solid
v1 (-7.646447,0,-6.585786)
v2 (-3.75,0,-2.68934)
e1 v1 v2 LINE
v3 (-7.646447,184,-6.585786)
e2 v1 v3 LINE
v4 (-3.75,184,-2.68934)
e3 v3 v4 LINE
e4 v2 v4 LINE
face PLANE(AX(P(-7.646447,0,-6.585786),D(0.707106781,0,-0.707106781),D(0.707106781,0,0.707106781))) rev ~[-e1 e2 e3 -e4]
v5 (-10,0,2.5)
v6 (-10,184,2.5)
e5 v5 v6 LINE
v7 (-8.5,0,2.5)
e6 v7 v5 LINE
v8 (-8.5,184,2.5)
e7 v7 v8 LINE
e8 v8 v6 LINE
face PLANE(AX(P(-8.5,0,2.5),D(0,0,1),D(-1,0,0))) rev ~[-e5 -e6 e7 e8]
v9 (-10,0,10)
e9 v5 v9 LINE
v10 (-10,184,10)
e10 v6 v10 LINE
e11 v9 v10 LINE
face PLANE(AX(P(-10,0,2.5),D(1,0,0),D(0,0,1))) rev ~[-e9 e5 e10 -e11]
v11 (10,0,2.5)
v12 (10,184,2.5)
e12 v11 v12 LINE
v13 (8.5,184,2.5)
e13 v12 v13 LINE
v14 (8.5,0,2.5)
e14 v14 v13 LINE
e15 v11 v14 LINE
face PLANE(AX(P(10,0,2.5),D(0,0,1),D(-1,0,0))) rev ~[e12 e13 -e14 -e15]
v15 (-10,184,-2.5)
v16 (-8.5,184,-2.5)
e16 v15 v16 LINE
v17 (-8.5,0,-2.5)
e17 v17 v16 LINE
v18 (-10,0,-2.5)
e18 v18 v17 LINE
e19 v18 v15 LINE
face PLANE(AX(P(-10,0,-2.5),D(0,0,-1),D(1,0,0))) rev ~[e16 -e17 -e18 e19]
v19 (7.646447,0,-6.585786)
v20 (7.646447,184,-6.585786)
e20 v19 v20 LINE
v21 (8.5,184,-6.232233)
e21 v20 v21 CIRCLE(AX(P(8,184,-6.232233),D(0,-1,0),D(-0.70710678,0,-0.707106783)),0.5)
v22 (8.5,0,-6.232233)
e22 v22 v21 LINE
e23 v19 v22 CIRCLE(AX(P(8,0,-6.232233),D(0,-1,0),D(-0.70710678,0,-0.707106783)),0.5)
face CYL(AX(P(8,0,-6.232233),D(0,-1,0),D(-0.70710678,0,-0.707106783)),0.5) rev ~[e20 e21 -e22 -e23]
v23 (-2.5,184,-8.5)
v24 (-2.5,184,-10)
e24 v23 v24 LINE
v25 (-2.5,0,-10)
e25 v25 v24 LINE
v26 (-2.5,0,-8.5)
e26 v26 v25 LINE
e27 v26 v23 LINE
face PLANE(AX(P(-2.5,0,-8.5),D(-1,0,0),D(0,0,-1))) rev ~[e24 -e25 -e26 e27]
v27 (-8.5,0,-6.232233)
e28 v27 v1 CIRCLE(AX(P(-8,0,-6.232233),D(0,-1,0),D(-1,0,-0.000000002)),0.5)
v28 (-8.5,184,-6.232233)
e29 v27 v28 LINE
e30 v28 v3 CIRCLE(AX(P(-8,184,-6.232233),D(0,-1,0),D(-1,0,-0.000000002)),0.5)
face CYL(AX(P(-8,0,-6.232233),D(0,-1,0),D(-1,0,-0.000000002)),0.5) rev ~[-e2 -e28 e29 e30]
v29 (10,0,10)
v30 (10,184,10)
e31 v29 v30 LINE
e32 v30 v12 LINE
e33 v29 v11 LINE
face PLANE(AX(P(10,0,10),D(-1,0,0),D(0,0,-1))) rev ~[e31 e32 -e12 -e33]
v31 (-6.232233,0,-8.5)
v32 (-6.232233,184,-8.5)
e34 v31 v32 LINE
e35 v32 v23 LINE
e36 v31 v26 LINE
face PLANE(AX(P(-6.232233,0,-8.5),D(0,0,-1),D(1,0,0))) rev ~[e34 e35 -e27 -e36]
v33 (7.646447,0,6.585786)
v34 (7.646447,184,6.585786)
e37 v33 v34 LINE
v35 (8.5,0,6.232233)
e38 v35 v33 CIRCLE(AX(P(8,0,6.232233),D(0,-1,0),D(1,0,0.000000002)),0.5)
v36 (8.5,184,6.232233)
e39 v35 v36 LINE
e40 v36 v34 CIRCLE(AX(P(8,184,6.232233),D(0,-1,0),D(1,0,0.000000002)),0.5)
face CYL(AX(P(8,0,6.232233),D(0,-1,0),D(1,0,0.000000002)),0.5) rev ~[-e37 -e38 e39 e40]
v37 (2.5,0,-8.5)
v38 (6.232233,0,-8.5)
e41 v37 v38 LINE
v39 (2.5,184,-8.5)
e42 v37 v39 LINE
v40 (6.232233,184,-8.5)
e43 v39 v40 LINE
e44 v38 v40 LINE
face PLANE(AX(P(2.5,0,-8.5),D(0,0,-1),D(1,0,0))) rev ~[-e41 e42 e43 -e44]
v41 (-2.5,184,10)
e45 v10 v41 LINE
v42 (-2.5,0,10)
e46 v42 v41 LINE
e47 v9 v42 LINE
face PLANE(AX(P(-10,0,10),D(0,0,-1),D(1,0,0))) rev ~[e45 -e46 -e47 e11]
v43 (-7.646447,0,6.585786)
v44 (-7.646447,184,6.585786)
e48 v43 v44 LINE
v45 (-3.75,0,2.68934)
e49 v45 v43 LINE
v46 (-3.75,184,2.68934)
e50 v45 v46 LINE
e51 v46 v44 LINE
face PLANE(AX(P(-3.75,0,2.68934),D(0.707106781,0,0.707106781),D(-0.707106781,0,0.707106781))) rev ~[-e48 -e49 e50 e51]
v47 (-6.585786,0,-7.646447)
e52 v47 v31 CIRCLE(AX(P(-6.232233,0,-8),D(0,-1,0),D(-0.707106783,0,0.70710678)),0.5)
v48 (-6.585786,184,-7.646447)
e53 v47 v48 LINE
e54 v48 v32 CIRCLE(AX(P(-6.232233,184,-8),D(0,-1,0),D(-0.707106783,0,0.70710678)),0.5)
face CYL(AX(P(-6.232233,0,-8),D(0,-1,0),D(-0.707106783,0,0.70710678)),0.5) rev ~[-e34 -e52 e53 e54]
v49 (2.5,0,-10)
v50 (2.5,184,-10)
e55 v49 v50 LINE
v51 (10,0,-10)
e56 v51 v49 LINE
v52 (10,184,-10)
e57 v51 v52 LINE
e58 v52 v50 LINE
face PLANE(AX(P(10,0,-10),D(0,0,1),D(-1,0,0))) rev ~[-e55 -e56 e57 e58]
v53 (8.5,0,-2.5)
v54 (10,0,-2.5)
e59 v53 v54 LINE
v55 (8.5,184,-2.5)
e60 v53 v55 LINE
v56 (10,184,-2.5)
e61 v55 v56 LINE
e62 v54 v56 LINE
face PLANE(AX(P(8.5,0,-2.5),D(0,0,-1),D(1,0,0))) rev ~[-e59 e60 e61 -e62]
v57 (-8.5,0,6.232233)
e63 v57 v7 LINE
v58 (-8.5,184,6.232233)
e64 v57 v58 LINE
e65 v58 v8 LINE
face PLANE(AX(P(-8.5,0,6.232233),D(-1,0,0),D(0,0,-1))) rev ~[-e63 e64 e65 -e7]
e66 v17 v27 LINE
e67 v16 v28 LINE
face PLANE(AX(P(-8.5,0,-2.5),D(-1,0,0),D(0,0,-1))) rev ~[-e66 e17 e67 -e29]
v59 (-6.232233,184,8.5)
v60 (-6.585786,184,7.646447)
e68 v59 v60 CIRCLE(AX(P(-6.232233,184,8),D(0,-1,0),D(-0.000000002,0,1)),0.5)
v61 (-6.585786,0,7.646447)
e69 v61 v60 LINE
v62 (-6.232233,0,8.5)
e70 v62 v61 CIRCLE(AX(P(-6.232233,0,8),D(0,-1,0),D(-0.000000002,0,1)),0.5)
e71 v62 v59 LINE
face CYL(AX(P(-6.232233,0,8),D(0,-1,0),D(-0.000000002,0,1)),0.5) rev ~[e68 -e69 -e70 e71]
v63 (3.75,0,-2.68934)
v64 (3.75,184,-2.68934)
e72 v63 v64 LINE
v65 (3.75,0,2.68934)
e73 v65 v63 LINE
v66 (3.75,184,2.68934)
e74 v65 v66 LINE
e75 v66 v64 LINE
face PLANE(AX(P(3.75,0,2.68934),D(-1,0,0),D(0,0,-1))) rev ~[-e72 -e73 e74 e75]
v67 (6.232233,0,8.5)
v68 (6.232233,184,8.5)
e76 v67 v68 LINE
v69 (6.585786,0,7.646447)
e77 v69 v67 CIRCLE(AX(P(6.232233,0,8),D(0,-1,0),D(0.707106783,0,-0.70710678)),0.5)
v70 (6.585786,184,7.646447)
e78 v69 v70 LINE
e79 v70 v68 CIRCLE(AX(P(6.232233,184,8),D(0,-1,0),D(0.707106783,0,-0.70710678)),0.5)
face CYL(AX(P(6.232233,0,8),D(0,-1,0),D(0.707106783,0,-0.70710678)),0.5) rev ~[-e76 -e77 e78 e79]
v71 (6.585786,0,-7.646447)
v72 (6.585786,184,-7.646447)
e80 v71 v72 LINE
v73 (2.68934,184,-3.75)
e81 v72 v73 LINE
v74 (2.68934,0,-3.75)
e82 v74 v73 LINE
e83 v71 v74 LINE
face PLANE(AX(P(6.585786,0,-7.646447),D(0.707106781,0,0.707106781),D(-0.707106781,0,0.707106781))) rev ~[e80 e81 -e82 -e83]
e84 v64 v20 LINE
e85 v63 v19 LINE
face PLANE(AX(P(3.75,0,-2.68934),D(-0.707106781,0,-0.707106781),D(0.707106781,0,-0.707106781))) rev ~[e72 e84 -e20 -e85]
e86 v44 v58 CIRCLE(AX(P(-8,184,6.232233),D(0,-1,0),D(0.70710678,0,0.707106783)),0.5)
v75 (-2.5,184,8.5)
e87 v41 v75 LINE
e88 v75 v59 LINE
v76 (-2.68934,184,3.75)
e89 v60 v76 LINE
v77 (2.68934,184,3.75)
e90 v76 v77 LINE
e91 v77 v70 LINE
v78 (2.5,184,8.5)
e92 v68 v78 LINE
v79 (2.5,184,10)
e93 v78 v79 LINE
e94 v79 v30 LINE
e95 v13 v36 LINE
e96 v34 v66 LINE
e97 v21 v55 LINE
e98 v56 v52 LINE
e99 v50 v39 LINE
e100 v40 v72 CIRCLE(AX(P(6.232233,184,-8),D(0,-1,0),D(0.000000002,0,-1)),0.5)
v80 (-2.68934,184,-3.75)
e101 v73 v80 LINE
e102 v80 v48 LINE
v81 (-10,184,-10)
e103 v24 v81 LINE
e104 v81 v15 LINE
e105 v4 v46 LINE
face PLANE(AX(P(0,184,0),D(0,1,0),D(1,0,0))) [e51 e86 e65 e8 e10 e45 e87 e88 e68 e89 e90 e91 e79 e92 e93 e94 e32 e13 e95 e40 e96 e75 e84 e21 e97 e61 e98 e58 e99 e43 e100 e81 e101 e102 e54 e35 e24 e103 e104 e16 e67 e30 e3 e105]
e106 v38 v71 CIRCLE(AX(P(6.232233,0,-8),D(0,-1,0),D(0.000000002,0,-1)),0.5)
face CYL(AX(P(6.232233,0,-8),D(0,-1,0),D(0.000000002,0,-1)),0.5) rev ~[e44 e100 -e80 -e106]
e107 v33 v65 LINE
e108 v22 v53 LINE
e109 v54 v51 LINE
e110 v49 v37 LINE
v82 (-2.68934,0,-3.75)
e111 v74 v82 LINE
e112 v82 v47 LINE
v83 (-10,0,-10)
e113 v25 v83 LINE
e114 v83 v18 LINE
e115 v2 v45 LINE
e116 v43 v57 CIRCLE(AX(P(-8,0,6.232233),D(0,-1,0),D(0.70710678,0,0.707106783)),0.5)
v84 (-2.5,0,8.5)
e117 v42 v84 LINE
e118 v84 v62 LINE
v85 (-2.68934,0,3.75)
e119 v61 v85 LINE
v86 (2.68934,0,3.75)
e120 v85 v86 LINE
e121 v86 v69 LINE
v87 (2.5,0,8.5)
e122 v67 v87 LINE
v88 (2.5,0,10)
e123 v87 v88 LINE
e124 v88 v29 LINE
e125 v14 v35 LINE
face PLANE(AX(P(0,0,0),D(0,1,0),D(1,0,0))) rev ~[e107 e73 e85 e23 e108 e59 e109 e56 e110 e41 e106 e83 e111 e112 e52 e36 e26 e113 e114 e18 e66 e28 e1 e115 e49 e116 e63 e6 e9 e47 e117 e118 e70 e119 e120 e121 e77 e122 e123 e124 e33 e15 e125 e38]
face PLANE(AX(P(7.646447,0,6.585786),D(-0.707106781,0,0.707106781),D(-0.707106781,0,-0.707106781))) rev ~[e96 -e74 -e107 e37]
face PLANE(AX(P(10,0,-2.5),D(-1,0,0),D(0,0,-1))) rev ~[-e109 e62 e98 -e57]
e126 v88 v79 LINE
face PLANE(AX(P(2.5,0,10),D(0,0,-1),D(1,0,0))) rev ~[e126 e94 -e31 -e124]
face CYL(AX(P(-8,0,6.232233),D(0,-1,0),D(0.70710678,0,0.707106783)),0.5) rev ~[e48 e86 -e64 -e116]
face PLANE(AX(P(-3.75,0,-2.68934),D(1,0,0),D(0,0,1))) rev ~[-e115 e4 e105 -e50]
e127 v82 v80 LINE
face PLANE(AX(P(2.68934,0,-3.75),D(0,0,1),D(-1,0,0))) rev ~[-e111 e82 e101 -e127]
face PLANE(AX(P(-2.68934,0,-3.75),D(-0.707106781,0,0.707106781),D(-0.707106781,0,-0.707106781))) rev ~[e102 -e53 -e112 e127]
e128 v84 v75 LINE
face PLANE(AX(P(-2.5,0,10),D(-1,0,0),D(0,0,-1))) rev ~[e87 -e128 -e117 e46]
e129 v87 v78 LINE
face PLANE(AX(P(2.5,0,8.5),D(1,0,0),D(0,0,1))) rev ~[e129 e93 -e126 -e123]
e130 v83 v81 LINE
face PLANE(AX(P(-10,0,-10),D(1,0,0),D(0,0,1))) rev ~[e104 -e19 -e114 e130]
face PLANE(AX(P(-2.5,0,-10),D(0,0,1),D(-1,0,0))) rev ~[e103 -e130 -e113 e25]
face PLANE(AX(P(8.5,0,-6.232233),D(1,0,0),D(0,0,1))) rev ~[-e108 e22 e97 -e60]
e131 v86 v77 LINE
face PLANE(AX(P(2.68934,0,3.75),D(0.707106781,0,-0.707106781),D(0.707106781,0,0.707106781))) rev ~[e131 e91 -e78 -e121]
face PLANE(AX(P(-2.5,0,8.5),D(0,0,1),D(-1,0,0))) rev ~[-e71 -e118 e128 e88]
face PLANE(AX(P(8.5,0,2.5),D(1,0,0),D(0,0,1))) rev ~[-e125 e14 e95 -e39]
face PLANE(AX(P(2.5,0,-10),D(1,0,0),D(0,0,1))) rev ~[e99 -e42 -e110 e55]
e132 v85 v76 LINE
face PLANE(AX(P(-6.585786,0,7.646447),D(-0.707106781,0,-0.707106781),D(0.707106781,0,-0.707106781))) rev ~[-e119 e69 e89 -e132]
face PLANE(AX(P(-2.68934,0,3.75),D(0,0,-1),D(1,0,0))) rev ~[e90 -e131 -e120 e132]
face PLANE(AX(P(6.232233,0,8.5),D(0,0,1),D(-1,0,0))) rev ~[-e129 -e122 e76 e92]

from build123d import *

# Parameters (mm, degrees)
BOSS_EXTRU_1_DEPTH = 184


with BuildPart() as part:
    # Esquisse1 → Boss.-Extru.1 (new body)
    with BuildSketch(Plane(origin=(0, 0, 0), x_dir=(1, 0, 0), z_dir=(0, 1, 0))):
        with BuildLine():
            Line((-10, -2.5), (-10, -10))
            Line((-10, -10), (-2.5, -10))
            Line((-2.5, -10), (-2.5, -8.5))
            Line((-2.5, -8.5), (-6.232233047, -8.5))
            ThreePointArc((-6.232233047, -8.5), (-6.694172813, -8.191341716), (-6.585786438, -7.646446609))
            Line((-6.585786438, -7.646446609), (-2.689339828, -3.75))
            Line((-2.689339828, -3.75), (2.689339828, -3.75))
            Line((2.689339828, -3.75), (6.585786438, -7.646446609))
            ThreePointArc((6.585786438, -7.646446609), (6.694172813, -8.191341716), (6.232233047, -8.5))
            Line((6.232233047, -8.5), (2.5, -8.5))
            Line((2.5, -8.5), (2.5, -10))
            Line((2.5, -10), (10, -10))
            Line((10, -10), (10, -2.5))
            Line((10, -2.5), (8.5, -2.5))
            Line((8.5, -2.5), (8.5, -6.232233047))
            ThreePointArc((8.5, -6.232233047), (8.191341716, -6.694172813), (7.646446609, -6.585786438))
            Line((7.646446609, -6.585786438), (3.75, -2.689339828))
            Line((3.75, -2.689339828), (3.75, 2.689339828))
            Line((3.75, 2.689339828), (7.646446609, 6.585786438))
            ThreePointArc((7.646446609, 6.585786438), (8.191341716, 6.694172813), (8.5, 6.232233047))
            Line((8.5, 6.232233047), (8.5, 2.5))
            Line((8.5, 2.5), (10, 2.5))
            Line((10, 2.5), (10, 10))
            Line((10, 10), (2.5, 10))
            Line((2.5, 10), (2.5, 8.5))
            Line((2.5, 8.5), (6.232233047, 8.5))
            ThreePointArc((6.232233047, 8.5), (6.694172813, 8.191341716), (6.585786438, 7.646446609))
            Line((6.585786438, 7.646446609), (2.689339828, 3.75))
            Line((2.689339828, 3.75), (-2.689339828, 3.75))
            Line((-2.689339828, 3.75), (-6.585786438, 7.646446609))
            ThreePointArc((-6.585786438, 7.646446609), (-6.694172813, 8.191341716), (-6.232233047, 8.5))
            Line((-6.232233047, 8.5), (-2.5, 8.5))
            Line((-2.5, 8.5), (-2.5, 10))
            Line((-2.5, 10), (-10, 10))
            Line((-10, 10), (-10, 2.5))
            Line((-10, 2.5), (-8.5, 2.5))
            Line((-8.5, 2.5), (-8.5, 6.232233047))
            ThreePointArc((-8.5, 6.232233047), (-8.191341716, 6.694172813), (-7.646446609, 6.585786438))
            Line((-7.646446609, 6.585786438), (-3.75, 2.689339828))
            Line((-3.75, 2.689339828), (-3.75, -2.689339828))
            Line((-3.75, -2.689339828), (-7.646446609, -6.585786438))
            ThreePointArc((-7.646446609, -6.585786438), (-8.191341716, -6.694172813), (-8.5, -6.232233047))
            Line((-8.5, -6.232233047), (-8.5, -2.5))
            Line((-8.5, -2.5), (-10, -2.5))
        make_face()
    extrude(amount=BOSS_EXTRU_1_DEPTH)


solid = part.part
